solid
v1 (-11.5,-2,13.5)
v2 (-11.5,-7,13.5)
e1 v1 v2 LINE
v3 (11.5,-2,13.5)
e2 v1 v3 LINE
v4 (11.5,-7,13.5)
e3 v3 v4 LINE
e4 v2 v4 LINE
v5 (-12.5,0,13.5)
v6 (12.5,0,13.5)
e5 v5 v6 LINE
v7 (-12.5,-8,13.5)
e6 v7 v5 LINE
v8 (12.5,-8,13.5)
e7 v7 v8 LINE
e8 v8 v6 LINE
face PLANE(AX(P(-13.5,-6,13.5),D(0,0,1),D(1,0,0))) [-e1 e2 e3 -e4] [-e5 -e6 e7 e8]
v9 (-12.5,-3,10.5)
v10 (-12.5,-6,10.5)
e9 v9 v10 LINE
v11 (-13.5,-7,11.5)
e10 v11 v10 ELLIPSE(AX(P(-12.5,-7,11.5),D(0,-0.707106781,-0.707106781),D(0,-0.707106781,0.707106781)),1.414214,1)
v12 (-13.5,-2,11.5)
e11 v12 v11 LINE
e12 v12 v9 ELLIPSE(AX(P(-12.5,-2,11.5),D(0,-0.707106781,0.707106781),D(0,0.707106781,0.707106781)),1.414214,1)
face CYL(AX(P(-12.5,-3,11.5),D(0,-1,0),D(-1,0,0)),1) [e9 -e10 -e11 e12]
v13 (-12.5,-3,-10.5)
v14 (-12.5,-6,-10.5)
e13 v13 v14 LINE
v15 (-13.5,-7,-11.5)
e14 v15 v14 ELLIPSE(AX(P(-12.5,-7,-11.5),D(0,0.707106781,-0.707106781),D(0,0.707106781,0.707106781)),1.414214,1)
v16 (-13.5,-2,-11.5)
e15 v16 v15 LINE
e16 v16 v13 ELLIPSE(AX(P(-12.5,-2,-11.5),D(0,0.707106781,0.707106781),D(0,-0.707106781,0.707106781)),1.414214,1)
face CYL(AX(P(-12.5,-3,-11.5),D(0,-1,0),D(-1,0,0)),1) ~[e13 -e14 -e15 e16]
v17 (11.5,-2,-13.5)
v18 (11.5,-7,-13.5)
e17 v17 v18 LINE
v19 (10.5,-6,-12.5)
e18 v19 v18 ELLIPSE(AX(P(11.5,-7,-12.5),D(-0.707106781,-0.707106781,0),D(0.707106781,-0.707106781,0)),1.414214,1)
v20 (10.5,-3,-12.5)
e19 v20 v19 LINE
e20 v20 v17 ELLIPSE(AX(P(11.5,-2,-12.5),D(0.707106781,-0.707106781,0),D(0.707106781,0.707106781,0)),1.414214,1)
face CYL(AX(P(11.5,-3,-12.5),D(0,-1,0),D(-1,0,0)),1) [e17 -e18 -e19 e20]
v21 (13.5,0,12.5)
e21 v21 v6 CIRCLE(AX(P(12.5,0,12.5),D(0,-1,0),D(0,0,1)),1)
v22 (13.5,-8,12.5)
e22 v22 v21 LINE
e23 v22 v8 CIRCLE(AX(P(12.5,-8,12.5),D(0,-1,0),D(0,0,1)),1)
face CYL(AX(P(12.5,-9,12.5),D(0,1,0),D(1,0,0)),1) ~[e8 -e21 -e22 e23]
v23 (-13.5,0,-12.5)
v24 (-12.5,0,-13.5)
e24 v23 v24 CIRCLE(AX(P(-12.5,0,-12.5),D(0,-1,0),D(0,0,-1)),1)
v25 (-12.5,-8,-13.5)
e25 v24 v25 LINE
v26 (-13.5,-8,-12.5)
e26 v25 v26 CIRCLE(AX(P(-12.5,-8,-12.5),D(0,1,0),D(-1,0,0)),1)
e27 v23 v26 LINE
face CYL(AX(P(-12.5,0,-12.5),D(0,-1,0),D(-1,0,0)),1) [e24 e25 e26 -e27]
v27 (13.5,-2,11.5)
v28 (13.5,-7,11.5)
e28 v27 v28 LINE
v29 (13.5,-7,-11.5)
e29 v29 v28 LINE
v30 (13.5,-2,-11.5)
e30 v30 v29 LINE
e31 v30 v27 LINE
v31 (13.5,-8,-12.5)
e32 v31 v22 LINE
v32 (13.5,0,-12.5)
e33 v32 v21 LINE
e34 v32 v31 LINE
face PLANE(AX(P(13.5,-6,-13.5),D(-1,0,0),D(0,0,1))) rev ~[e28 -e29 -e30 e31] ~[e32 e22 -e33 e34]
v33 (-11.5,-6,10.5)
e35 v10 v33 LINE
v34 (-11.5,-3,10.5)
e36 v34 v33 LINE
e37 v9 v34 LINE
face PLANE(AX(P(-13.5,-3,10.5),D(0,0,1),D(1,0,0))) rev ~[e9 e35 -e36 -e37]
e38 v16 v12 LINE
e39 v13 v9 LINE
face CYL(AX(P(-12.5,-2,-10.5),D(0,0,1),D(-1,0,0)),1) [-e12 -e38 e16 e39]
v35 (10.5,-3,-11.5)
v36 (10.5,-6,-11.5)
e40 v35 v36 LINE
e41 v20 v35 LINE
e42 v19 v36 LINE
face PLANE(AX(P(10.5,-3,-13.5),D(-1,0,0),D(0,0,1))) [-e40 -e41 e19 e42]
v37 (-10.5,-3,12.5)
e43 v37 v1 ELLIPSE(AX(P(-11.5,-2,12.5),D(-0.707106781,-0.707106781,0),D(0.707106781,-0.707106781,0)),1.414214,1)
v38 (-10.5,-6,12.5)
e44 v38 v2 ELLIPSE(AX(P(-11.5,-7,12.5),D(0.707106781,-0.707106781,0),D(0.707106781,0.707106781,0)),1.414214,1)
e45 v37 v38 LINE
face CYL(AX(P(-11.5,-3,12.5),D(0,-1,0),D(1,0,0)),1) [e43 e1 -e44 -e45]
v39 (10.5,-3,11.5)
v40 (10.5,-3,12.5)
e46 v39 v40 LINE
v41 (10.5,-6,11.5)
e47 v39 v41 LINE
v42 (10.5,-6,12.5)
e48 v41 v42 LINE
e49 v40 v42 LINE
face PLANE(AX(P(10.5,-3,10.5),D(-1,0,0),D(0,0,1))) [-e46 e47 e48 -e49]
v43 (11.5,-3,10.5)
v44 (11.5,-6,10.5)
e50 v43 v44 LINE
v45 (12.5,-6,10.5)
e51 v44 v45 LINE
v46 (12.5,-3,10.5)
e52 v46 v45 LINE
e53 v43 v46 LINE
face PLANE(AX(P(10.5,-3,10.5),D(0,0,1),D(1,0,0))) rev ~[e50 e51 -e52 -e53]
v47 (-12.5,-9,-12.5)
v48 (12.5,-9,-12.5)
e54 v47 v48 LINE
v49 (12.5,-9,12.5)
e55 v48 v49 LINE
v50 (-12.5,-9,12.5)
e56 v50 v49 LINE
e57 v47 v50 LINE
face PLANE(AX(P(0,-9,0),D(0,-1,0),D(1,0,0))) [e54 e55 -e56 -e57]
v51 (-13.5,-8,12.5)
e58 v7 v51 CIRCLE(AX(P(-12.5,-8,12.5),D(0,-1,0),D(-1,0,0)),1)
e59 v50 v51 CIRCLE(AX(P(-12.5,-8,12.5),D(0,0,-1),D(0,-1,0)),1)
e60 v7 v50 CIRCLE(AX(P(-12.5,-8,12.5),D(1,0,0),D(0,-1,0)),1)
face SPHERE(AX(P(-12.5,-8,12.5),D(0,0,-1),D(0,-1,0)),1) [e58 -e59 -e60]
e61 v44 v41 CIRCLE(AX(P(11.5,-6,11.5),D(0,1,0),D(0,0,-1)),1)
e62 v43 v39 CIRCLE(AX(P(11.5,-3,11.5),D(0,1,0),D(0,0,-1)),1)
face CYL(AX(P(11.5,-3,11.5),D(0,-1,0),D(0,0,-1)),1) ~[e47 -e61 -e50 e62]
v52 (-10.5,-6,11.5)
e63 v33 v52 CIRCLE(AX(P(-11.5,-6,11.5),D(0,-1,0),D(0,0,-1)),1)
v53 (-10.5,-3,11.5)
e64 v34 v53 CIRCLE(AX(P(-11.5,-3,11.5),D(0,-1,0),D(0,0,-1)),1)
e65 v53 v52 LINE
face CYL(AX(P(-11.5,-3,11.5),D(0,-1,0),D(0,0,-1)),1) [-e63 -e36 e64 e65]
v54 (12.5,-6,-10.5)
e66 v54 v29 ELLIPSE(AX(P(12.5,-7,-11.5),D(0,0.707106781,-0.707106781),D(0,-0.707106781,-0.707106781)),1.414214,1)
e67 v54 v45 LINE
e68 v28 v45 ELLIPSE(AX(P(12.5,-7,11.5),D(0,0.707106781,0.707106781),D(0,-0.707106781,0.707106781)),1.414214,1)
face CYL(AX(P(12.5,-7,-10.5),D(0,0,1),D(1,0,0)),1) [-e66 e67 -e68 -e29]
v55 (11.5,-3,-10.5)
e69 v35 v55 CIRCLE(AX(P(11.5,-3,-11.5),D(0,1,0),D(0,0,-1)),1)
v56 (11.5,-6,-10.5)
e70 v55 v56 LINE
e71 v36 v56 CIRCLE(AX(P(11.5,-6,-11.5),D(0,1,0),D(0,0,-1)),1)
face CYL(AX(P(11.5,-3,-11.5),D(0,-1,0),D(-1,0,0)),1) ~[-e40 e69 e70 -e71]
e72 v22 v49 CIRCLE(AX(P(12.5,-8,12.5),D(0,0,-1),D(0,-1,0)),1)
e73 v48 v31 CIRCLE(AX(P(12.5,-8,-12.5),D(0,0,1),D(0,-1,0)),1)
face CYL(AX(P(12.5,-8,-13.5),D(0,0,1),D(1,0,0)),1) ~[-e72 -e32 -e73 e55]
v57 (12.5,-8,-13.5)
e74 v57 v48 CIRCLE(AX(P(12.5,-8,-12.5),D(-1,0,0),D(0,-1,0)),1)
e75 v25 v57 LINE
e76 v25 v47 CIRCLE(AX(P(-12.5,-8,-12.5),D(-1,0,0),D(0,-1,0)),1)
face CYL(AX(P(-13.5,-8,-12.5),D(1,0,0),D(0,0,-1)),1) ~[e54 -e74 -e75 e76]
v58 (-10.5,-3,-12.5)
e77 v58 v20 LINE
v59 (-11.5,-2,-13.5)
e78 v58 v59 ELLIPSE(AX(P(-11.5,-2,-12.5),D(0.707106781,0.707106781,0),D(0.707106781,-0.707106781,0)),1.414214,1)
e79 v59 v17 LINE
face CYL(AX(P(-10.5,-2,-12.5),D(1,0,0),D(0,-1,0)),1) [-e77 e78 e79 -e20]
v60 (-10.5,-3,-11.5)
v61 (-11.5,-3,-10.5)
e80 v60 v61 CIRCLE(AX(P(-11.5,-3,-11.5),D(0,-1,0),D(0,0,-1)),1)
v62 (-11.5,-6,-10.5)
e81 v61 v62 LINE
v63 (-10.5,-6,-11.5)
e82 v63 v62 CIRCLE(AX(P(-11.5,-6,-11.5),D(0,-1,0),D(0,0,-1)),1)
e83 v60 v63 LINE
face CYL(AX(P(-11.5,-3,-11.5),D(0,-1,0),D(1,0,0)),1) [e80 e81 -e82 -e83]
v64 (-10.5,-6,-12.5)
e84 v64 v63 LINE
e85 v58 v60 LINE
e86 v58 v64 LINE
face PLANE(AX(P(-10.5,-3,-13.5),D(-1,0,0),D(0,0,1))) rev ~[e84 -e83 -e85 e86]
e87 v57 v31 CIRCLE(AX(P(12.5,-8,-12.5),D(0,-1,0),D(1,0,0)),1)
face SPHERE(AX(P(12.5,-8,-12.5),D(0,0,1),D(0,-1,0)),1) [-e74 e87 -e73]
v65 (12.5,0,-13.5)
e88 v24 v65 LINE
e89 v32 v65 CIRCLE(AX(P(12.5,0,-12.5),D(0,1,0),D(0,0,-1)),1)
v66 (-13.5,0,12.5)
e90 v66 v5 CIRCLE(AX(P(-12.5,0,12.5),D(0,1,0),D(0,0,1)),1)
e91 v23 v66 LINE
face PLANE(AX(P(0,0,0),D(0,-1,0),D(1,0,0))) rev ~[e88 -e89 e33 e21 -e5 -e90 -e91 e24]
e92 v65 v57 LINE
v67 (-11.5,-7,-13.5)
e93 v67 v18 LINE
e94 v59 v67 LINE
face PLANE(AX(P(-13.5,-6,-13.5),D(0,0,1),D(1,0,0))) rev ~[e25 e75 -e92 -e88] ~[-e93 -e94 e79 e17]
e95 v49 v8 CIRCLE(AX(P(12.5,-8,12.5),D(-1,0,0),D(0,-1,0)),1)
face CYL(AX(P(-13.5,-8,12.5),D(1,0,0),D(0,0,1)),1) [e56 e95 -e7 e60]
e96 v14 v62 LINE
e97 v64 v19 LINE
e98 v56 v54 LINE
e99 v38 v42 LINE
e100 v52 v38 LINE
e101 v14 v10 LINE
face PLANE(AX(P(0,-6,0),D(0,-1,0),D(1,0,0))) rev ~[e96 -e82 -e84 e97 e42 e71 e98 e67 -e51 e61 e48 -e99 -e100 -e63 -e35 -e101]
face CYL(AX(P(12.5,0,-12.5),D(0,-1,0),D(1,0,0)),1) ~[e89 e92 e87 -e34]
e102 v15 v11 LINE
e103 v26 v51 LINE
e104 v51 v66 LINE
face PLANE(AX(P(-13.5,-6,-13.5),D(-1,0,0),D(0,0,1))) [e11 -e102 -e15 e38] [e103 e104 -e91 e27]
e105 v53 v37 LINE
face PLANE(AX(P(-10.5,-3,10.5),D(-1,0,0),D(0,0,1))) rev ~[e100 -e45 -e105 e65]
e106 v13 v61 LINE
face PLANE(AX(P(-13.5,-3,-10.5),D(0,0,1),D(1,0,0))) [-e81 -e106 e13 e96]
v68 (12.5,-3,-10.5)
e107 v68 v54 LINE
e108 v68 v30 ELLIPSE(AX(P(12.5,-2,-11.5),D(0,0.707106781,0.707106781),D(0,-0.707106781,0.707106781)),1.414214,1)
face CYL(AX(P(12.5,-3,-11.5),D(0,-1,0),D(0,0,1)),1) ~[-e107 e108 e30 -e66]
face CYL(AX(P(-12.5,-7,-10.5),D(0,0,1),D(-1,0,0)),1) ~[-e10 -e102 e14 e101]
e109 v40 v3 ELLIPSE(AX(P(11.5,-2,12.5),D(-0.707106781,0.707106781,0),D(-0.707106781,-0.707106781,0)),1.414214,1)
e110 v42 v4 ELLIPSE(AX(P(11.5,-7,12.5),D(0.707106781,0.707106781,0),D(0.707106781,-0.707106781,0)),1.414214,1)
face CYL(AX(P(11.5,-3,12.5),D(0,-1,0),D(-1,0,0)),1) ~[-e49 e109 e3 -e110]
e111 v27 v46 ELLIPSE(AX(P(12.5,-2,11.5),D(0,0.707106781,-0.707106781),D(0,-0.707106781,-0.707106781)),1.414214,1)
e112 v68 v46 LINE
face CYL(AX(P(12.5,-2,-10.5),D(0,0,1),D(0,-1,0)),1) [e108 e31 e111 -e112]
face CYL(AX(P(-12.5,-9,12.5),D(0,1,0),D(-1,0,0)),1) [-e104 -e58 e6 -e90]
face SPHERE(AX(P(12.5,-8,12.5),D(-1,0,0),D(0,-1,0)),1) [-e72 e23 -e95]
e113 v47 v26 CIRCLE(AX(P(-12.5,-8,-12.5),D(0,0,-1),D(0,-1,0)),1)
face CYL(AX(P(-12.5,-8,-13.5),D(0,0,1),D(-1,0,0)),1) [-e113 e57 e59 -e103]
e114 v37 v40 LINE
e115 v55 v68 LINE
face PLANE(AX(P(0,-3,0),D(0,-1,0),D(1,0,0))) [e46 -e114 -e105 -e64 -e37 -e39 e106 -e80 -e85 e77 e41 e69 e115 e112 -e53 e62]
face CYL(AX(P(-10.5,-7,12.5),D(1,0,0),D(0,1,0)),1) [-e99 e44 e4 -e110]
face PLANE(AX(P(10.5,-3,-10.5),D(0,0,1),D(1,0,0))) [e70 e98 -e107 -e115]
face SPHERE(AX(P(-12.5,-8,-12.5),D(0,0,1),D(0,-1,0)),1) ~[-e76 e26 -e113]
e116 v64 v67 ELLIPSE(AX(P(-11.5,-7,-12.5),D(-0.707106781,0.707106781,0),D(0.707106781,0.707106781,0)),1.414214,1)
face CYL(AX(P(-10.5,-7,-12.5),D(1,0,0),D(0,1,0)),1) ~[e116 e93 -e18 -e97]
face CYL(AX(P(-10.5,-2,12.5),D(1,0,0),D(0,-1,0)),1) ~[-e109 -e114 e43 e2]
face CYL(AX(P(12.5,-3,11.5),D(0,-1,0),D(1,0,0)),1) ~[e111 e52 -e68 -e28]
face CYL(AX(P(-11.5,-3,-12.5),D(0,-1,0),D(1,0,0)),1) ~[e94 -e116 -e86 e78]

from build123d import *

# Parameters (mm, degrees)
F0_W     = 27
F0_H     = 27
F1_DEPTH = 3
F2_W     = 3
F2_H     = 3
F3_DEPTH = 3
F4_W     = 27
F4_H     = 27
F5_DEPTH = 3
F6_R     = 1


with BuildPart() as f1:
    # F0 (on Front) → F1 (new body)
    with BuildSketch(Plane.XZ):
        Rectangle(F0_W, F0_H)
    extrude(amount=F1_DEPTH)

    # F2 (on face) → F3 (join)
    with BuildSketch(Plane.XZ.offset(3)):
        with Locations((-12, 12)):
            Rectangle(F2_W, F2_H)
        with Locations((12, 12)):
            Rectangle(F2_W, F2_H)
        with Locations((12, -12)):
            Rectangle(F2_W, F2_H)
        with Locations((-12, -12)):
            Rectangle(F2_W, F2_H)
    extrude(amount=F3_DEPTH)

    # F4 (on face) → F5 (join)
    with BuildSketch(Plane.XZ.offset(6)):
        Rectangle(F4_W, F4_H)
    extrude(amount=F5_DEPTH)

    # F6
    f6_edges = [f1.edges().sort_by_distance(p)[0] for p in [
        (-13.5, -9, 0),
        (0, -9, 13.5),
        (13.5, -9, 0),
        (0, -9, -13.5),
        (-13.5, -3, 0),
        (-13.5, -6, 0),
        (-13.5, -4.5, 10.5),
        (-13.5, -4.5, -10.5),
        (0, -6, -13.5),
        (-10.5, -4.5, -13.5),
        (0, -3, -13.5),
        (10.5, -4.5, -13.5),
        (13.5, -4.5, -10.5),
        (13.5, -6, 0),
        (13.5, -4.5, 10.5),
        (13.5, -3, 0),
        (10.5, -4.5, 13.5),
        (0, -6, 13.5),
        (-10.5, -4.5, 13.5),
        (0, -3, 13.5),
        (10.5, -4.5, 10.5),
        (10.5, -4.5, -10.5),
        (-10.5, -4.5, -10.5),
        (-10.5, -4.5, 10.5),
        (-13.5, -4.5, 13.5),
        (13.5, -4.5, 13.5),
        (13.5, -4.5, -13.5),
        (-13.5, -4.5, -13.5),
    ]]
    fillet(f6_edges, radius=F6_R)


solid = f1.part
